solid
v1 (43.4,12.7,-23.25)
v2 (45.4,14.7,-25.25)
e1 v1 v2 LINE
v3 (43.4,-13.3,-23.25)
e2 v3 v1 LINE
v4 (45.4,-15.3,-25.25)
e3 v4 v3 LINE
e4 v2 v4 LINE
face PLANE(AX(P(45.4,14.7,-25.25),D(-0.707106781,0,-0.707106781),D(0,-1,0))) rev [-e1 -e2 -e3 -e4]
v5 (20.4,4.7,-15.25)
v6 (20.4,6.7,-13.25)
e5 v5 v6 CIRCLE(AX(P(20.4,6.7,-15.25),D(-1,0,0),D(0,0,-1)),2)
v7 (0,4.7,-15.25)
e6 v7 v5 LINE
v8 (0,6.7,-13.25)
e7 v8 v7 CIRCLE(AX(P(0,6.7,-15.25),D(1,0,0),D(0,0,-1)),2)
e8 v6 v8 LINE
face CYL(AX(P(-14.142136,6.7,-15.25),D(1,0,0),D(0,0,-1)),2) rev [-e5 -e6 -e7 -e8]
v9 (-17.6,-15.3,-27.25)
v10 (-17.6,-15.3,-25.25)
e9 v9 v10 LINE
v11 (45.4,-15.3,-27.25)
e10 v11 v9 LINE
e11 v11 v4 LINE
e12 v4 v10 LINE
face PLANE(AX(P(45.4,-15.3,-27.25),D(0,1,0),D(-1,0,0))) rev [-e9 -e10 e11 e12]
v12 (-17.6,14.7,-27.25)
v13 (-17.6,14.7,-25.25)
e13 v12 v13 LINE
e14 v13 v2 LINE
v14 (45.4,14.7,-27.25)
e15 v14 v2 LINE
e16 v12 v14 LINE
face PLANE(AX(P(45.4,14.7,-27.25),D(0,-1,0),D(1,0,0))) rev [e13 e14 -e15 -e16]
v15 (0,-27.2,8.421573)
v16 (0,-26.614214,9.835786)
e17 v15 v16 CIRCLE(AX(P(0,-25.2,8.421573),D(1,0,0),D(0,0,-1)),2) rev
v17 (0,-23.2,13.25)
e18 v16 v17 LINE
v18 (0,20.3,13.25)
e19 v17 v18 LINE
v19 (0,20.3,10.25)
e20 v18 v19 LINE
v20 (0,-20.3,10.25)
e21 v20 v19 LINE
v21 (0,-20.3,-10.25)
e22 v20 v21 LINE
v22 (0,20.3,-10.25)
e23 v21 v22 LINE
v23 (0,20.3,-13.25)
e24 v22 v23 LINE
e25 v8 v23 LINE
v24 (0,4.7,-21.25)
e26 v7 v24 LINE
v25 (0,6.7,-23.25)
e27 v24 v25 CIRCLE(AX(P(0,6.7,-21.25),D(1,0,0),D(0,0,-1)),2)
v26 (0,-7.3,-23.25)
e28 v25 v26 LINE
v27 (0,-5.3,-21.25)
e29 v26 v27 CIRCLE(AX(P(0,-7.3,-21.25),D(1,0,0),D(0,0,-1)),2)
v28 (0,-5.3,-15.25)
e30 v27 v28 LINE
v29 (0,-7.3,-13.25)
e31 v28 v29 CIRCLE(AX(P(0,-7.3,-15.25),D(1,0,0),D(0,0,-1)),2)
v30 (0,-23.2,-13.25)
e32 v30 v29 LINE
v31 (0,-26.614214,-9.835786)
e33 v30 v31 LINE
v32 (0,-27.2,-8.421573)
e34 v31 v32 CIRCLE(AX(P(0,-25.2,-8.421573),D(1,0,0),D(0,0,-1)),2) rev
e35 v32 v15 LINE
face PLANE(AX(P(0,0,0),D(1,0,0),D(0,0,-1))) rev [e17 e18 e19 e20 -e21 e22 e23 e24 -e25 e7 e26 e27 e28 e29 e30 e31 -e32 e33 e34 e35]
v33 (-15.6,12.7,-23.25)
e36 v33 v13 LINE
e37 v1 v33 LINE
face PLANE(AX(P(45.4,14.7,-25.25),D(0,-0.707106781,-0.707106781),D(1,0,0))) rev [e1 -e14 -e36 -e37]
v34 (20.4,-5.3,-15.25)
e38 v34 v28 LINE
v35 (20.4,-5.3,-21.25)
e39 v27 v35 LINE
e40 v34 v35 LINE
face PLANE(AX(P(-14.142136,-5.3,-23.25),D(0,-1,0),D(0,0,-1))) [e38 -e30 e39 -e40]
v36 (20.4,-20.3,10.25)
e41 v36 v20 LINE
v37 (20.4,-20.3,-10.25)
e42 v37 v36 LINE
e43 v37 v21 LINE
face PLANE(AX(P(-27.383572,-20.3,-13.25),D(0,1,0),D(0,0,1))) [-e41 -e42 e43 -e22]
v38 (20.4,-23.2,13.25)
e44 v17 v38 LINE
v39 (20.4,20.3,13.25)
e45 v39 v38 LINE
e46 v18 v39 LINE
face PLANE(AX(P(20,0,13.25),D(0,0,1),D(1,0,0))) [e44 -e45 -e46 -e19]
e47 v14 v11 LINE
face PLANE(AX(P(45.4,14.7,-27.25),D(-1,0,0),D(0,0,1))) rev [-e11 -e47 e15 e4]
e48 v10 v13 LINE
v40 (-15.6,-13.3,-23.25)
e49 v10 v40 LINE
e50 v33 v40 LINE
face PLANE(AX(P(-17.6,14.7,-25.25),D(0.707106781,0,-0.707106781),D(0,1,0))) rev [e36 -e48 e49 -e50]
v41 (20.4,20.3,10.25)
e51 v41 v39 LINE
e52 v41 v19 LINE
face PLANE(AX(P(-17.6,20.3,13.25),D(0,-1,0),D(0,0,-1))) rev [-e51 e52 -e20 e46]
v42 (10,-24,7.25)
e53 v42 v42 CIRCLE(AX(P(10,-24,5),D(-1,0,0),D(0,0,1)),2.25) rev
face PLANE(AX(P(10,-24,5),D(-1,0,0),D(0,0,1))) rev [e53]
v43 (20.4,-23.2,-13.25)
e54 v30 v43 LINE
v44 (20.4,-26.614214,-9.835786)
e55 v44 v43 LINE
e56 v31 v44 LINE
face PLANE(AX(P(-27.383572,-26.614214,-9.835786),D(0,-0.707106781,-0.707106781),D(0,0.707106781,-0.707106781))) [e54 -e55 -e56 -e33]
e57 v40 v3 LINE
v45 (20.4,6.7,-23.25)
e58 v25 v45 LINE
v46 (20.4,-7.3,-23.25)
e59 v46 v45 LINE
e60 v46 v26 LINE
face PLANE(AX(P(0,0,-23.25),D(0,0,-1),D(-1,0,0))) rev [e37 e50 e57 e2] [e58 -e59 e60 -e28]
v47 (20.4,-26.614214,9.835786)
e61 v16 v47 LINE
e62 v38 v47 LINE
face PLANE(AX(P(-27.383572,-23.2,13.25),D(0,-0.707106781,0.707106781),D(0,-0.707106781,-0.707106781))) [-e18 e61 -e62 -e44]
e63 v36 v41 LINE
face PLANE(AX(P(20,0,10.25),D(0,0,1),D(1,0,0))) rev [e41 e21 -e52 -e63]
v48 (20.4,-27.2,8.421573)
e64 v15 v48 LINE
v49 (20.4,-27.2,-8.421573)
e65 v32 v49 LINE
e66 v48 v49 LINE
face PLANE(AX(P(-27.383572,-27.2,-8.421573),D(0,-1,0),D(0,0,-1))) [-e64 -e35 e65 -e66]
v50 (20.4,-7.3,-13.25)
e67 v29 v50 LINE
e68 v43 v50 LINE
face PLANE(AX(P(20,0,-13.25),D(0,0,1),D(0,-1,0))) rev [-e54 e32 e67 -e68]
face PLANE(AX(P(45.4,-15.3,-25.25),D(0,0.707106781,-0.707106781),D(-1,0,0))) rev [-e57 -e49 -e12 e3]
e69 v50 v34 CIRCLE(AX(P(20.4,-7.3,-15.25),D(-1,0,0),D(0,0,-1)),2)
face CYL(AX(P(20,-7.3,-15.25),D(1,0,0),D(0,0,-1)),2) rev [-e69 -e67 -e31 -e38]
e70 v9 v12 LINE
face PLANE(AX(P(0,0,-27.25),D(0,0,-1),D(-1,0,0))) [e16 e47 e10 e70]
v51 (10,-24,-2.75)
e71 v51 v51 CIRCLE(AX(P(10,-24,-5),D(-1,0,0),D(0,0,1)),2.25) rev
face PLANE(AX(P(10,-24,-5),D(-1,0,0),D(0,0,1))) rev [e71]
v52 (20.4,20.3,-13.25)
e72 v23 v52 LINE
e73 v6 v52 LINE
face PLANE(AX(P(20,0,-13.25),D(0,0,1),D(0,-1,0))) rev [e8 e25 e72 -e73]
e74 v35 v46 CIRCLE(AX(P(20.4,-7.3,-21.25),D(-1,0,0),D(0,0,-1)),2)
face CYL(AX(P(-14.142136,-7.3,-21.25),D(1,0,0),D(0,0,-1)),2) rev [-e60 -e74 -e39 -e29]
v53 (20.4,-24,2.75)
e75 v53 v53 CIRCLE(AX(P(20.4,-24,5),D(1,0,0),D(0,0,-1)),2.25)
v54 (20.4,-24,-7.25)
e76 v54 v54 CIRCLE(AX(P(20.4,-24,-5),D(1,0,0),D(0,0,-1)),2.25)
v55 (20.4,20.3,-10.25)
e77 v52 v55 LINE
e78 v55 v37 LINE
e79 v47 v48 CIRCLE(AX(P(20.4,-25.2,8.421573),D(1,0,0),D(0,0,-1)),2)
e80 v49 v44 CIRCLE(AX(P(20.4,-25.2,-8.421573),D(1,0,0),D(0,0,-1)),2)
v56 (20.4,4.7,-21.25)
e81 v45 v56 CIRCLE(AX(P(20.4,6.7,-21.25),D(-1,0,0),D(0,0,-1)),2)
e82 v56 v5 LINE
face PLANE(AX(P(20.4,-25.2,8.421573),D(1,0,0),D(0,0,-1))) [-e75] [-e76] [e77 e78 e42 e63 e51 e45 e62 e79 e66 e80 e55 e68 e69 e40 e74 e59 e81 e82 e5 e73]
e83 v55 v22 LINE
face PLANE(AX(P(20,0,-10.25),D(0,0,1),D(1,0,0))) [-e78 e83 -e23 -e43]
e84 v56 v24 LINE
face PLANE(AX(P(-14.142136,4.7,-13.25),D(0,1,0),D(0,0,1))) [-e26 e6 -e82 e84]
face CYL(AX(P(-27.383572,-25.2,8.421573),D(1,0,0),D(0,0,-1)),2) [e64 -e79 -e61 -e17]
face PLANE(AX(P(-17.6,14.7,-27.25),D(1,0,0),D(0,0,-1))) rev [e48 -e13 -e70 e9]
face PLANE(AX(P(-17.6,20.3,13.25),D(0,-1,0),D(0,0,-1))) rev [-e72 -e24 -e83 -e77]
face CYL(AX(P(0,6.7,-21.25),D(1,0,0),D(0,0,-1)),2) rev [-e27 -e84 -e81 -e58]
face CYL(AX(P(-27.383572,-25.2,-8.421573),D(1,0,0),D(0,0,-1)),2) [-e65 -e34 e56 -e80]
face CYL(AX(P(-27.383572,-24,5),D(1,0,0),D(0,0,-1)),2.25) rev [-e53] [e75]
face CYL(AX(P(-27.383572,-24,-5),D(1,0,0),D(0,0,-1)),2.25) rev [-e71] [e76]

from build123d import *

# Parameters (mm, degrees)
SKETCH1_R            = 2.25
BOSS_EXTRUDE1_DEPTH  = 20
SKETCH2_R            = 2.25
BOSS_EXTRUDE2_DEPTH  = 10
SKETCH4_W            = 26.5
SKETCH4_H            = 2.5
CUT_EXTRUDE1_DEPTH   = 39.17921555
CHAMFER2_SIZE        = 4
CHAMFER3_SIZE        = 4
FILLET4_R            = 2
SKETCH7_W            = 10
SKETCH7_H            = 10
BOSS_EXTRUDE5_DEPTH  = 20
FILLET6_R            = 2
SKETCH8_W            = 63
SKETCH8_H            = 30
BOSS_EXTRUDE6_DEPTH  = 4
CHAMFER4_SIZE        = 2
FILLET7_R            = 2
SKETCH13_R           = 2.25
BOSS_EXTRUDE8_DEPTH  = 20
CUT_EXTRUDE2_DEPTH   = 54.816005983
BOSS_EXTRUDE9_START  = -10
SKETCH14_R           = 2.25
BOSS_EXTRUDE9_DEPTH  = 10
SKETCH15_R           = 2.25
BOSS_EXTRUDE10_DEPTH = 0.4


with BuildPart() as part:
    # Sketch1 → Boss-Extrude1 (new body)
    with BuildSketch(Plane(origin=(0, 0, 0), x_dir=(0, 0, -1), z_dir=(1, 0, 0))):
        Polygon((10.25, -20.3), (13.25, -20.3), (13.25, 29.7), (-13.25, 29.7), (-13.25, -20.3), (-10.25, -20.3), (-10.25, 20.3), (10.25, 20.3), align=None)
        with Locations((5, 24)):
            Circle(SKETCH1_R, mode=Mode.SUBTRACT)
        with Locations((-5, 24)):
            Circle(SKETCH1_R, mode=Mode.SUBTRACT)
    extrude(amount=BOSS_EXTRUDE1_DEPTH)

    # Sketch2 → Boss-Extrude2 (add)
    with BuildSketch(Plane.ZY):
        with Locations((-5, 24)):
            Circle(SKETCH2_R)
        with Locations((5, 24)):
            Circle(SKETCH2_R)
    extrude(amount=-BOSS_EXTRUDE2_DEPTH)

    # Sketch4 → Cut-Extrude1 (cut, through all)
    with BuildSketch(Plane(origin=(20, 0, 0), x_dir=(0, 0, -1), z_dir=(1, 0, 0))):
        with Locations((0, 28.45)):
            Rectangle(SKETCH4_W, SKETCH4_H)
    extrude(amount=-CUT_EXTRUDE1_DEPTH, mode=Mode.SUBTRACT)

    # Chamfer2
    chamfer2_edges = [part.edges().sort_by_distance(p)[0] for p in [
        (10, 27.2, -13.25),
    ]]
    chamfer(chamfer2_edges, length=CHAMFER2_SIZE)

    # Chamfer3
    chamfer3_edges = [part.edges().sort_by_distance(p)[0] for p in [
        (10, 27.2, 13.25),
    ]]
    chamfer(chamfer3_edges, length=CHAMFER3_SIZE)

    # Fillet4
    fillet4_edges = [part.edges().sort_by_distance(p)[0] for p in [
        (10, 27.2, -9.25),
        (10, 27.2, 9.25),
    ]]
    fillet(fillet4_edges, radius=FILLET4_R)

    # Sketch7 → Boss-Extrude5 (add)
    with BuildSketch(Plane(origin=(20, 0, 0), x_dir=(0, 0, -1), z_dir=(1, 0, 0))):
        with Locations((18.25, -0.3)):
            Rectangle(SKETCH7_W, SKETCH7_H)
    extrude(amount=-BOSS_EXTRUDE5_DEPTH)

    # Fillet6
    fillet6_edges = [part.edges().sort_by_distance(p)[0] for p in [
        (10, -5.3, -13.25),
        (10, 4.7, -13.25),
    ]]
    fillet(fillet6_edges, radius=FILLET6_R)

    # Sketch8 → Boss-Extrude6 (add)
    with BuildSketch(Plane(origin=(0, 0, -23.25), x_dir=(-1, 0, 0), z_dir=(0, 0, -1))):
        with Locations((-13.9, -0.3)):
            Rectangle(SKETCH8_W, SKETCH8_H)
    extrude(amount=BOSS_EXTRUDE6_DEPTH)

    # Chamfer4
    chamfer4_edges = [part.edges().sort_by_distance(p)[0] for p in [
        (45.4, -0.3, -23.25),
        (13.9, -15.3, -23.25),
        (-17.6, -0.3, -23.25),
        (13.9, 14.7, -23.25),
    ]]
    chamfer(chamfer4_edges, length=CHAMFER4_SIZE)

    # Fillet7
    fillet7_edges = [part.edges().sort_by_distance(p)[0] for p in [
        (10, 4.7, -23.25),
        (10, -5.3, -23.25),
    ]]
    fillet(fillet7_edges, radius=FILLET7_R)

    # Sketch13 → Boss-Extrude8 (add)
    with BuildSketch(Plane(origin=(20, 0, 0), x_dir=(0, 0, -1), z_dir=(1, 0, 0))):
        with BuildLine():
            Line((-13.25, -23.2), (-9.835786438, -26.614213562))
            ThreePointArc((-9.835786438, -26.614213562), (-9.18693974, -27.047759065), (-8.421572875, -27.2))
            Line((-8.421572875, -27.2), (8.421572875, -27.2))
            ThreePointArc((8.421572875, -27.2), (9.18693974, -27.047759065), (9.835786438, -26.614213562))
            Line((9.835786438, -26.614213562), (13.25, -23.2))
            Line((13.25, -23.2), (13.25, -20.3))
            Line((13.25, -20.3), (-13.25, -20.3))
            Line((-13.25, -20.3), (-13.25, -23.2))
        make_face()
        with Locations((5, -24)):
            Circle(SKETCH13_R, mode=Mode.SUBTRACT)
        with Locations((-5, -24)):
            Circle(SKETCH13_R, mode=Mode.SUBTRACT)
    extrude(amount=-BOSS_EXTRUDE8_DEPTH)

    # Sketch12 → Cut-Extrude2 (cut, through all)
    with BuildSketch(Plane(origin=(20, 0, 0), x_dir=(0, 0, -1), z_dir=(1, 0, 0))):
        with BuildLine():
            Line((13.25, 23.2), (9.835786438, 26.614213562))
            ThreePointArc((9.835786438, 26.614213562), (9.18693974, 27.047759065), (8.421572875, 27.2))
            Line((8.421572875, 27.2), (-8.421572875, 27.2))
            ThreePointArc((-8.421572875, 27.2), (-9.18693974, 27.047759065), (-9.835786438, 26.614213562))
            Line((-9.835786438, 26.614213562), (-13.25, 23.2))
            Line((-13.25, 23.2), (-13.25, 20.3))
            Line((-13.25, 20.3), (13.25, 20.3))
            Line((13.25, 20.3), (13.25, 23.2))
        make_face()
    extrude(amount=-CUT_EXTRUDE2_DEPTH, mode=Mode.SUBTRACT)

    # Sketch14 → Boss-Extrude9 (add)
    with BuildSketch(Plane.ZY.offset(BOSS_EXTRUDE9_START)):
        with Locations(Location((-5, -24, 0), (0, 0, 180))):
            Circle(SKETCH14_R)
        with Locations(Location((5, -24, 0), (0, 0, 180))):
            Circle(SKETCH14_R)
    extrude(amount=BOSS_EXTRUDE9_DEPTH)

    # Sketch15 → Boss-Extrude10 (add)
    with BuildSketch(Plane(origin=(20, 0, 0), x_dir=(0, 0, -1), z_dir=(1, 0, 0))):
        with BuildLine():
            Line((-10.25, 20.3), (-13.25, 20.3))
            Line((-13.25, 20.3), (-13.25, -23.2))
            Line((-13.25, -23.2), (-9.835786438, -26.614213562))
            ThreePointArc((-9.835786438, -26.614213562), (-9.18693974, -27.047759065), (-8.421572875, -27.2))
            Line((-8.421572875, -27.2), (8.421572875, -27.2))
            ThreePointArc((8.421572875, -27.2), (9.18693974, -27.047759065), (9.835786438, -26.614213562))
            Line((9.835786438, -26.614213562), (13.25, -23.2))
            Line((13.25, -23.2), (13.25, -7.3))
            ThreePointArc((13.25, -7.3), (13.835786438, -5.885786438), (15.25, -5.3))
            Line((15.25, -5.3), (21.25, -5.3))
            ThreePointArc((21.25, -5.3), (22.664213562, -5.885786438), (23.25, -7.3))
            Line((23.25, -7.3), (23.25, 6.7))
            ThreePointArc((23.25, 6.7), (22.664213562, 5.285786438), (21.25, 4.7))
            Line((21.25, 4.7), (15.25, 4.7))
            ThreePointArc((15.25, 4.7), (13.835786438, 5.285786438), (13.25, 6.7))
            Line((13.25, 6.7), (13.25, 20.3))
            Line((13.25, 20.3), (10.25, 20.3))
            Line((10.25, 20.3), (10.25, -20.3))
            Line((10.25, -20.3), (-10.25, -20.3))
            Line((-10.25, -20.3), (-10.25, 20.3))
        make_face()
        with Locations((5, -24)):
            Circle(SKETCH15_R, mode=Mode.SUBTRACT)
        with Locations((-5, -24)):
            Circle(SKETCH15_R, mode=Mode.SUBTRACT)
    extrude(amount=BOSS_EXTRUDE10_DEPTH)


solid = part.part
